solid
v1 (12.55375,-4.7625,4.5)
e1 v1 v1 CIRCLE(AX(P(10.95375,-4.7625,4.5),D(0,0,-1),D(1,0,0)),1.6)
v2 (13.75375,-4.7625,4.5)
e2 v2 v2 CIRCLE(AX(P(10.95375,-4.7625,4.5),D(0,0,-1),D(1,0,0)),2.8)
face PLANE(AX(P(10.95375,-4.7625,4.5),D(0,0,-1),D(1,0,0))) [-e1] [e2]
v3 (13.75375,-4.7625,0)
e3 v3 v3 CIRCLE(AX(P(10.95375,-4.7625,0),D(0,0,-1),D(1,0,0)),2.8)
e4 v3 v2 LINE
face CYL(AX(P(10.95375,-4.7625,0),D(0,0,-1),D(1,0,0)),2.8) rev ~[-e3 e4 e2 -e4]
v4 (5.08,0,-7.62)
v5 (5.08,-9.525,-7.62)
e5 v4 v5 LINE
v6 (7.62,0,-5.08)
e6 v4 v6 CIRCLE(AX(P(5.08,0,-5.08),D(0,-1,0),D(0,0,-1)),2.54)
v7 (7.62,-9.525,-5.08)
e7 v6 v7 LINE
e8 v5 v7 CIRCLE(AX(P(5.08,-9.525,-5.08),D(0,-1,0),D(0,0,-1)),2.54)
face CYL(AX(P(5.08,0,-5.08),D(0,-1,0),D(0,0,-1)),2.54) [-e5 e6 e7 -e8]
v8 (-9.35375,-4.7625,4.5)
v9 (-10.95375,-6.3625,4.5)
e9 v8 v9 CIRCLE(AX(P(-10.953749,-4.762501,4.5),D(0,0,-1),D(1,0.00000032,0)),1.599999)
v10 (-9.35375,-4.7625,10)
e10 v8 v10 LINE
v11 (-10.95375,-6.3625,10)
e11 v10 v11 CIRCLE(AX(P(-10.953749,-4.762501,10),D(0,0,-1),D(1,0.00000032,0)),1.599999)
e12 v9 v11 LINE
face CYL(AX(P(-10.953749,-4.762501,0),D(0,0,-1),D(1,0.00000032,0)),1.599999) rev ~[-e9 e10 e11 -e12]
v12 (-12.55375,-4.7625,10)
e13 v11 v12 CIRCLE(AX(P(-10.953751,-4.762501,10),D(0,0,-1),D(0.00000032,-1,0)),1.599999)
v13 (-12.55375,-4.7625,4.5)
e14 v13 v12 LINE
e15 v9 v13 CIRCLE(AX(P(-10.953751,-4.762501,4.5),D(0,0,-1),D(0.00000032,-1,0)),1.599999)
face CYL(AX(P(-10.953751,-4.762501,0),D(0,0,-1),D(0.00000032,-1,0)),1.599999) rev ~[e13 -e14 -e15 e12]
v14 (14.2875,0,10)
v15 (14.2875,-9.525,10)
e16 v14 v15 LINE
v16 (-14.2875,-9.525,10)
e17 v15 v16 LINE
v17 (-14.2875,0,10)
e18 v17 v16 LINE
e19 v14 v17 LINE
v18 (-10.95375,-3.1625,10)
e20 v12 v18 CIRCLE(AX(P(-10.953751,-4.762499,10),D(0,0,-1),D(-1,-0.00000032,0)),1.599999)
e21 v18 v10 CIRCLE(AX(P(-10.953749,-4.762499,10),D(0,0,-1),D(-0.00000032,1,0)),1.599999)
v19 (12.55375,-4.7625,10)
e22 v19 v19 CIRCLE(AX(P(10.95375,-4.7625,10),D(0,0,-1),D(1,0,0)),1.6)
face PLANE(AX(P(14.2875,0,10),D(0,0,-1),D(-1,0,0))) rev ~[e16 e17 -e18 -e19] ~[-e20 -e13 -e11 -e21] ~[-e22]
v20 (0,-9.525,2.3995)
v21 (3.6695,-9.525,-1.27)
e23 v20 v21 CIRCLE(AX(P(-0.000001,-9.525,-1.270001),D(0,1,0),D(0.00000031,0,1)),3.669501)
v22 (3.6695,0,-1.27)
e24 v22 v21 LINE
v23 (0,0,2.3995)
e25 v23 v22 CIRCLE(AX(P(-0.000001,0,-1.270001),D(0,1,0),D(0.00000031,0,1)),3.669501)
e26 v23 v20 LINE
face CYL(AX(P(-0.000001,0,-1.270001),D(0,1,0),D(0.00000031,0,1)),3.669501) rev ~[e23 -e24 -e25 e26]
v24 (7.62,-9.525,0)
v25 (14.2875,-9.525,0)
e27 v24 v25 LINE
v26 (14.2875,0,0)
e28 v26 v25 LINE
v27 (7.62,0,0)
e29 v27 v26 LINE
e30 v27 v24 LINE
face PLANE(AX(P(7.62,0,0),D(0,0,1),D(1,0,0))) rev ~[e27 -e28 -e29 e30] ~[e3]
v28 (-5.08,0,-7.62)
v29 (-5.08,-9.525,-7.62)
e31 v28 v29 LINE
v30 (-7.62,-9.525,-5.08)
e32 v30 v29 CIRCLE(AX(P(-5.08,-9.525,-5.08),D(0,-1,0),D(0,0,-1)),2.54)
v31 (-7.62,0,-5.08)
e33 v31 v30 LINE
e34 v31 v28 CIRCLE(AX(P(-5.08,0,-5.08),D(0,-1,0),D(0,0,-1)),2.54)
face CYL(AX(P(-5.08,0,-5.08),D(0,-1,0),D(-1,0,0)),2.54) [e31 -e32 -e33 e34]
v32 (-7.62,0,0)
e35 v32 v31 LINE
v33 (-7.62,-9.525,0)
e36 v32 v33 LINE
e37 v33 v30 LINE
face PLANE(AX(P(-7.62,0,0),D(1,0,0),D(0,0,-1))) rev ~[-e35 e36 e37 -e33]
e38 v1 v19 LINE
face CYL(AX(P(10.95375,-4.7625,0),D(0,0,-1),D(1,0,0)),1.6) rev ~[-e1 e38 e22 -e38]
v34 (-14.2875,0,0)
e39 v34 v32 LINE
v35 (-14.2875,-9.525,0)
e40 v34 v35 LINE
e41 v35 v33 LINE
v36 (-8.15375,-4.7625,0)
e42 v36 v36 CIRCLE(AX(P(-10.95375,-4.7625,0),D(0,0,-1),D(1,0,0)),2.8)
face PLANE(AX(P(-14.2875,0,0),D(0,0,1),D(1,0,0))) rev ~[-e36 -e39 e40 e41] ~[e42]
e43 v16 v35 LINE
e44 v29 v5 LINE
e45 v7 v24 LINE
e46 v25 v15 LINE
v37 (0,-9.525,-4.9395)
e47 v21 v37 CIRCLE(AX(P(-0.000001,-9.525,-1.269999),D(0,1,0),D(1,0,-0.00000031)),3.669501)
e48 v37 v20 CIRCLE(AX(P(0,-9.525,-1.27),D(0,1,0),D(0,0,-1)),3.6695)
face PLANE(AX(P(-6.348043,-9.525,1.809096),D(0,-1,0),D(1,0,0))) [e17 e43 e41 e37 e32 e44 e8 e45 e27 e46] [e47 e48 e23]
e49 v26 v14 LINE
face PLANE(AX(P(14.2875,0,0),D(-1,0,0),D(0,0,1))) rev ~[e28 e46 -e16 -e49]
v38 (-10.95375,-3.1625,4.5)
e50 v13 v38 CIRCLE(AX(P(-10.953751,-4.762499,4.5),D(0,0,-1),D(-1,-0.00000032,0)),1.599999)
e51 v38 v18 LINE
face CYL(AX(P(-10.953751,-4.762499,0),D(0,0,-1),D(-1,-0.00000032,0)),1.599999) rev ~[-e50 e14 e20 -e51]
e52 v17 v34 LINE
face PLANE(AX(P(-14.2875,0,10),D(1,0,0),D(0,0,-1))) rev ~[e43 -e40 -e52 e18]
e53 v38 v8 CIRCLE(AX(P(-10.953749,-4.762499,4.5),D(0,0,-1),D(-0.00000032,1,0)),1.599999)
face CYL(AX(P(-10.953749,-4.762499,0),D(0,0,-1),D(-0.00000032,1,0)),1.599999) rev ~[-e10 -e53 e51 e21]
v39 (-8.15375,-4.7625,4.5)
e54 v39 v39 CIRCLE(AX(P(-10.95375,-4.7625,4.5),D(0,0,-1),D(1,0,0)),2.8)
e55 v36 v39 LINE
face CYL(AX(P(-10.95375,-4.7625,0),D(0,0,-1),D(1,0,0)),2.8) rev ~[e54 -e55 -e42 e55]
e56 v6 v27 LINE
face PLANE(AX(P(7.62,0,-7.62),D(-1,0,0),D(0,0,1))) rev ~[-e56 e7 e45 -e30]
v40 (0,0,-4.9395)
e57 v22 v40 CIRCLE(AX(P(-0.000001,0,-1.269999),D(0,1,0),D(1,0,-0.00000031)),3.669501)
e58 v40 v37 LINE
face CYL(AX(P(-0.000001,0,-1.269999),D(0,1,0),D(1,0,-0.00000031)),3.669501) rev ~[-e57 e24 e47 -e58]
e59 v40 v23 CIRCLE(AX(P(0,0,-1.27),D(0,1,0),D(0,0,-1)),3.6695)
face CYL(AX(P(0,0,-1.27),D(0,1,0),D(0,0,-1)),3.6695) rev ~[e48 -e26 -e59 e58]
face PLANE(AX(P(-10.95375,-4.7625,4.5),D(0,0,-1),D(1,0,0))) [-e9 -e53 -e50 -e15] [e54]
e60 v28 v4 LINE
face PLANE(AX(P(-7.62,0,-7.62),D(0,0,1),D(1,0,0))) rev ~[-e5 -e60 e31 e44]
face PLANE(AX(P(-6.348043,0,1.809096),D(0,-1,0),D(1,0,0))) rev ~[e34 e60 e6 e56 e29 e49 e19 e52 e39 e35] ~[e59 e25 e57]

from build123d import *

# Parameters (mm, degrees)
F1_DEPTH = 9.525
F2_R     = 1.6
F3_DEPTH = 10
F4_R     = 2.54
F5_R     = 2.8
F6_DEPTH = 4.5


with BuildPart() as f1:
    # F0 (on Front) → F1 (new body)
    with BuildSketch(Plane.XZ):
        with BuildLine():
            Line((-14.2875, 10), (-14.2875, 0))
            Line((-14.2875, 0), (-7.62, 0))
            Line((-7.62, 0), (-7.62, -7.62))
            Line((-7.62, -7.62), (0, -7.62))
            Line((0, -7.62), (0, -4.9395))
            ThreePointArc((0, -4.9395), (-3.6695, -1.27), (0, 2.3995))
            Line((0, 2.3995), (0, 10))
            Line((0, 10), (-14.2875, 10))
        make_face()
        with BuildLine():
            Line((14.2875, 10), (0, 10))
            Line((0, 10), (0, 2.3995))
            ThreePointArc((0, 2.3995), (2.594728, 1.324728), (3.6695, -1.27))
            ThreePointArc((3.6695, -1.27), (2.594728, -3.864728), (0, -4.9395))
            Line((0, -4.9395), (0, -7.62))
            Line((0, -7.62), (7.62, -7.62))
            Line((7.62, -7.62), (7.62, 0))
            Line((7.62, 0), (14.2875, 0))
            Line((14.2875, 0), (14.2875, 10))
        make_face()
    extrude(amount=F1_DEPTH)

    # F2 (on face) → F3 (cut, through all)
    with BuildSketch(Plane(origin=(0, 0, 0), x_dir=(1, 0, 0), z_dir=(0, 0, -1))):
        with BuildLine():
            Line((-10.95375, 4.7625), (-9.35375, 4.7625))
            ThreePointArc((-9.35375, 4.7625), (-9.822379, 5.893871), (-10.95375, 6.3625))
            Line((-10.95375, 6.3625), (-10.95375, 4.7625))
        make_face()
        with BuildLine():
            ThreePointArc((-10.95375, 3.1625), (-9.822379, 3.631129), (-9.35375, 4.7625))
            Line((-9.35375, 4.7625), (-10.95375, 4.7625))
            Line((-10.95375, 4.7625), (-10.95375, 3.1625))
        make_face()
        with BuildLine():
            Line((-10.95375, 4.7625), (-10.95375, 6.3625))
            ThreePointArc((-10.95375, 6.3625), (-12.085121, 5.893871), (-12.55375, 4.7625))
            Line((-12.55375, 4.7625), (-10.95375, 4.7625))
        make_face()
        with BuildLine():
            ThreePointArc((-12.55375, 4.7625), (-12.085121, 3.631129), (-10.95375, 3.1625))
            Line((-10.95375, 3.1625), (-10.95375, 4.7625))
            Line((-10.95375, 4.7625), (-12.55375, 4.7625))
        make_face()
        with Locations((10.95375, 4.7625)):
            Circle(F2_R)
    extrude(amount=-F3_DEPTH, mode=Mode.SUBTRACT)

    # F4
    f4_edges = [f1.edges().sort_by_distance(p)[0] for p in [
        (-7.62, -4.7625, -7.62),
        (7.62, -4.7625, -7.62),
    ]]
    fillet(f4_edges, radius=F4_R)

    # F5 (on face) → F6 (cut)
    with BuildSketch(Plane(origin=(0, 0, 0), x_dir=(1, 0, 0), z_dir=(0, 0, -1))):
        with Locations((-10.95375, 4.7625)):
            Circle(F5_R)
        with Locations((10.95375, 4.7625)):
            Circle(F5_R)
    extrude(amount=-F6_DEPTH, mode=Mode.SUBTRACT)


solid = f1.part
